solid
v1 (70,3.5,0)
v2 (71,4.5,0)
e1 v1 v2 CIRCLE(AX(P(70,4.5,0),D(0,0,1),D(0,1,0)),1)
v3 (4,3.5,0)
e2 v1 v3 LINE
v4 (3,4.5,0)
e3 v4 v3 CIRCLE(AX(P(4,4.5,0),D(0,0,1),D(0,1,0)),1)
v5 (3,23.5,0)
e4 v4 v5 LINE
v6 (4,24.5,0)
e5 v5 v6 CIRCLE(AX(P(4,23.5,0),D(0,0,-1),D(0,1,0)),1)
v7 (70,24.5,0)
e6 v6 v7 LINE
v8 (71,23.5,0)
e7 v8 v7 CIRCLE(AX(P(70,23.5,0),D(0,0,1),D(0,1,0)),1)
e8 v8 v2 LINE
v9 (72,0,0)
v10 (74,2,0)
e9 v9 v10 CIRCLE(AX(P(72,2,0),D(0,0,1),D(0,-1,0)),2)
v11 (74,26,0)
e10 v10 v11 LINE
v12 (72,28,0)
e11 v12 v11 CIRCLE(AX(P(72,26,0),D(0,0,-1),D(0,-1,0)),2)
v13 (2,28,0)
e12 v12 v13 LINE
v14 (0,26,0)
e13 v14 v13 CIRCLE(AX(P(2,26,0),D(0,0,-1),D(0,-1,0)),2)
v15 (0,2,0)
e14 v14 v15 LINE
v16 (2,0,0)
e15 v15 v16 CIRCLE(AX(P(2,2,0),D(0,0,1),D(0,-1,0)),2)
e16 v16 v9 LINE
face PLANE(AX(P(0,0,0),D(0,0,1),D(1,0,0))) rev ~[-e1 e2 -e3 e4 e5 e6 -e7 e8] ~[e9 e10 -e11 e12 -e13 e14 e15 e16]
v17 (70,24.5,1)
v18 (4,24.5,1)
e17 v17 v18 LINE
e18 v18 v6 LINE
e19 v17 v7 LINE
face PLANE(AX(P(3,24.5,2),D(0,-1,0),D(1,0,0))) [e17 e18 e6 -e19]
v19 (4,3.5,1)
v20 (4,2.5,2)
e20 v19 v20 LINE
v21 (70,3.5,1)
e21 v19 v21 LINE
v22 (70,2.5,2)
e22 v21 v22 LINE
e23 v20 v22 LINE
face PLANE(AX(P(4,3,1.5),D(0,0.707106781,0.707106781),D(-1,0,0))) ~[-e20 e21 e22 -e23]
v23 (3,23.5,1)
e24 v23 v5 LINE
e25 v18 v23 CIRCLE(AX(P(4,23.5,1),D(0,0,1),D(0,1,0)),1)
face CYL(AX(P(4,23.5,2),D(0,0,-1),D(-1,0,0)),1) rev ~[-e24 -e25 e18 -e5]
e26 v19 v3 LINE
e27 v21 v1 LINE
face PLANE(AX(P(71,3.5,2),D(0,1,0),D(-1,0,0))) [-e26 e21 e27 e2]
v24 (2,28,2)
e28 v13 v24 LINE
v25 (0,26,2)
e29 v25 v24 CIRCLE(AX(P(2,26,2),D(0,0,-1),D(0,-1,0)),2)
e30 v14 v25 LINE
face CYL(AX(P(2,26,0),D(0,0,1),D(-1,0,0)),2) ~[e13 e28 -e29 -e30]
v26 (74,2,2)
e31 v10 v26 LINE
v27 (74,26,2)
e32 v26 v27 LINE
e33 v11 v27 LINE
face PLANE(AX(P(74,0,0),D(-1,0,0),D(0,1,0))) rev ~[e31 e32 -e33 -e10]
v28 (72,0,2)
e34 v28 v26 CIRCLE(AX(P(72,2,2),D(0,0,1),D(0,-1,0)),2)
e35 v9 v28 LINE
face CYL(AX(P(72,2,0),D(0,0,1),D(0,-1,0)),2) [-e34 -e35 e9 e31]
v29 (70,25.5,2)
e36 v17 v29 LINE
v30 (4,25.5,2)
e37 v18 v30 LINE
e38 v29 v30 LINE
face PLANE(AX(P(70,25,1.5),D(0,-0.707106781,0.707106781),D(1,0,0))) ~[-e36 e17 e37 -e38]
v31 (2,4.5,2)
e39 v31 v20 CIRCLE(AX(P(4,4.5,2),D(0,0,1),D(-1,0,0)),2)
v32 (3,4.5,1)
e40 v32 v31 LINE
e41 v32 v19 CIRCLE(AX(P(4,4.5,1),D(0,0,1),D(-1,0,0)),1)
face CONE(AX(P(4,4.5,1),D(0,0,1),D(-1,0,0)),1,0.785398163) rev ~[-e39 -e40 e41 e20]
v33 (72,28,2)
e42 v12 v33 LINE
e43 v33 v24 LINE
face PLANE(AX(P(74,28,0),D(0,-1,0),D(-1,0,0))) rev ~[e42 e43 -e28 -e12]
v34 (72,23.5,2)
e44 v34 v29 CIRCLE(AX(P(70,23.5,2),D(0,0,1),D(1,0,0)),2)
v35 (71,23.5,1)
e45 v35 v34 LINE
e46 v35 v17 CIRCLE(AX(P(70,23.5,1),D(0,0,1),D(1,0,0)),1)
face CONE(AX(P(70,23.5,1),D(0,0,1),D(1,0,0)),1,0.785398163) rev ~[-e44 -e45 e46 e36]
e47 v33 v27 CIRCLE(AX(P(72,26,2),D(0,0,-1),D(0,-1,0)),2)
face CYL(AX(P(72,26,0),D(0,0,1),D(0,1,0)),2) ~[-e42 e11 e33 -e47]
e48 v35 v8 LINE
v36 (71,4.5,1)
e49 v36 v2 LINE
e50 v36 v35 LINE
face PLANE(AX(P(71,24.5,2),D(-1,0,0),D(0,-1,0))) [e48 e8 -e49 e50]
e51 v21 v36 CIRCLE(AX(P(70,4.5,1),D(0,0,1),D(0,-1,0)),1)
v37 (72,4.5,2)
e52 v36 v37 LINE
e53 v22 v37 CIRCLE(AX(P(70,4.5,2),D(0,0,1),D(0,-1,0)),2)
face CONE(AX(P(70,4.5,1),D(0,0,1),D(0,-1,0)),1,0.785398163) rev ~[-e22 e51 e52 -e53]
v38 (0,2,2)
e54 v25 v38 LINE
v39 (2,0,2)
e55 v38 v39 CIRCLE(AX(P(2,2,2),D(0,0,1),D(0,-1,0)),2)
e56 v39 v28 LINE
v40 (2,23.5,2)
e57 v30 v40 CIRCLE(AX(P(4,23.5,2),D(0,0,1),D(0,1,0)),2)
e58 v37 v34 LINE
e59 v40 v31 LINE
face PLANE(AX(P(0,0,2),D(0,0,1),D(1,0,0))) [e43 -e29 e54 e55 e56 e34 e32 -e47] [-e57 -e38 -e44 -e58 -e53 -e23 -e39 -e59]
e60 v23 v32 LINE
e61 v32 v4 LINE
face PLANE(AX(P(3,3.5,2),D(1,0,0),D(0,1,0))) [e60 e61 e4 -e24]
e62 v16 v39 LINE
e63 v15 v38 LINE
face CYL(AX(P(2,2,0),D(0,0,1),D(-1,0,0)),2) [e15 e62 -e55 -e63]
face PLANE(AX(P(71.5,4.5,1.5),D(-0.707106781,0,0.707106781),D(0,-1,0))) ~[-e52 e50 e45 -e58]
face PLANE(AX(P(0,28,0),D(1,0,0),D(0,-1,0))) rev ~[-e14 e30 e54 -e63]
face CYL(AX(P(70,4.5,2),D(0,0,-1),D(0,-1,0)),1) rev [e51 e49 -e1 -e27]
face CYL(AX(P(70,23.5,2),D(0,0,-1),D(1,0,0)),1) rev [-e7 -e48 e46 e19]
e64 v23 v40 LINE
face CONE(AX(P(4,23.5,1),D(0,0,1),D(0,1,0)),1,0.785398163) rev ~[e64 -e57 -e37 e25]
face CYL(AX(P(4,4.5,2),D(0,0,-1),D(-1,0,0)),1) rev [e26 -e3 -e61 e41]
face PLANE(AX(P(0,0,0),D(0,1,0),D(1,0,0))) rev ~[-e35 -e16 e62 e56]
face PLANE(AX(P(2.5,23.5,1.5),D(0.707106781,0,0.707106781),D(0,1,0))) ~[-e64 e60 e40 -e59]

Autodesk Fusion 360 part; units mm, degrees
sketch "Sketch1" plane through (0, 0, 0) normal (0, 0, 1) x (1, 0, 0)
  line L0 (0, 0) -> (74, 0)
  line L1 (74, 0) -> (74, 28)
  line L2 (74, 28) -> (0, 28)
  line L3 (0, 28) -> (0, 0)
  dimension "d1" = 74
  dimension "d2" = 28
extrude "Extrude1" add sketch "Sketch1" along normal blind 2
sketch "Sketch2" plane through (0, 0, 2) normal (0, 0, 1) x (-1, 0, 0)
  line L0 (0, -28) -> (0, 0)
  line L1 (0, 0) -> (-74, 0)
  line L2 (-74, 0) -> (-74, -28)
  line L3 (-74, -28) -> (0, -28)
  line L4 (-3, -24.5) -> (-71, -24.5)
  line L5 (-71, -24.5) -> (-71, -3.5)
  line L6 (-71, -3.5) -> (-3, -3.5)
  line L7 (-3, -3.5) -> (-3, -24.5)
  dimension "d5" = 3.5
  dimension "d6" = 3
  dimension "d7" = 3.5
  dimension "d8" = 3
extrude "Extrude2" cut sketch "Sketch2" against normal blind 2 contours L4 L5 L6 L7
fillet "Fillet1" radius 2 4 edges at (74, 0, 1) (74, 28, 1) (0, 28, 1) (0, 0, 1)
fillet "Fillet2" radius 1 4 edges at (71, 24.5, 1) (3, 24.5, 1) (3, 3.5, 1) (71, 3.5, 1)
chamfer "Chamfer1" distance 1 angle 45 8 edges at (3.2929, 3.7929, 2) (3, 14, 2) (3.2929, 24.2071, 2) (37, 24.5, 2) (70.7071, 24.2071, 2) (71, 14, 2) (70.7071, 3.7929, 2) (37, 3.5, 2)
